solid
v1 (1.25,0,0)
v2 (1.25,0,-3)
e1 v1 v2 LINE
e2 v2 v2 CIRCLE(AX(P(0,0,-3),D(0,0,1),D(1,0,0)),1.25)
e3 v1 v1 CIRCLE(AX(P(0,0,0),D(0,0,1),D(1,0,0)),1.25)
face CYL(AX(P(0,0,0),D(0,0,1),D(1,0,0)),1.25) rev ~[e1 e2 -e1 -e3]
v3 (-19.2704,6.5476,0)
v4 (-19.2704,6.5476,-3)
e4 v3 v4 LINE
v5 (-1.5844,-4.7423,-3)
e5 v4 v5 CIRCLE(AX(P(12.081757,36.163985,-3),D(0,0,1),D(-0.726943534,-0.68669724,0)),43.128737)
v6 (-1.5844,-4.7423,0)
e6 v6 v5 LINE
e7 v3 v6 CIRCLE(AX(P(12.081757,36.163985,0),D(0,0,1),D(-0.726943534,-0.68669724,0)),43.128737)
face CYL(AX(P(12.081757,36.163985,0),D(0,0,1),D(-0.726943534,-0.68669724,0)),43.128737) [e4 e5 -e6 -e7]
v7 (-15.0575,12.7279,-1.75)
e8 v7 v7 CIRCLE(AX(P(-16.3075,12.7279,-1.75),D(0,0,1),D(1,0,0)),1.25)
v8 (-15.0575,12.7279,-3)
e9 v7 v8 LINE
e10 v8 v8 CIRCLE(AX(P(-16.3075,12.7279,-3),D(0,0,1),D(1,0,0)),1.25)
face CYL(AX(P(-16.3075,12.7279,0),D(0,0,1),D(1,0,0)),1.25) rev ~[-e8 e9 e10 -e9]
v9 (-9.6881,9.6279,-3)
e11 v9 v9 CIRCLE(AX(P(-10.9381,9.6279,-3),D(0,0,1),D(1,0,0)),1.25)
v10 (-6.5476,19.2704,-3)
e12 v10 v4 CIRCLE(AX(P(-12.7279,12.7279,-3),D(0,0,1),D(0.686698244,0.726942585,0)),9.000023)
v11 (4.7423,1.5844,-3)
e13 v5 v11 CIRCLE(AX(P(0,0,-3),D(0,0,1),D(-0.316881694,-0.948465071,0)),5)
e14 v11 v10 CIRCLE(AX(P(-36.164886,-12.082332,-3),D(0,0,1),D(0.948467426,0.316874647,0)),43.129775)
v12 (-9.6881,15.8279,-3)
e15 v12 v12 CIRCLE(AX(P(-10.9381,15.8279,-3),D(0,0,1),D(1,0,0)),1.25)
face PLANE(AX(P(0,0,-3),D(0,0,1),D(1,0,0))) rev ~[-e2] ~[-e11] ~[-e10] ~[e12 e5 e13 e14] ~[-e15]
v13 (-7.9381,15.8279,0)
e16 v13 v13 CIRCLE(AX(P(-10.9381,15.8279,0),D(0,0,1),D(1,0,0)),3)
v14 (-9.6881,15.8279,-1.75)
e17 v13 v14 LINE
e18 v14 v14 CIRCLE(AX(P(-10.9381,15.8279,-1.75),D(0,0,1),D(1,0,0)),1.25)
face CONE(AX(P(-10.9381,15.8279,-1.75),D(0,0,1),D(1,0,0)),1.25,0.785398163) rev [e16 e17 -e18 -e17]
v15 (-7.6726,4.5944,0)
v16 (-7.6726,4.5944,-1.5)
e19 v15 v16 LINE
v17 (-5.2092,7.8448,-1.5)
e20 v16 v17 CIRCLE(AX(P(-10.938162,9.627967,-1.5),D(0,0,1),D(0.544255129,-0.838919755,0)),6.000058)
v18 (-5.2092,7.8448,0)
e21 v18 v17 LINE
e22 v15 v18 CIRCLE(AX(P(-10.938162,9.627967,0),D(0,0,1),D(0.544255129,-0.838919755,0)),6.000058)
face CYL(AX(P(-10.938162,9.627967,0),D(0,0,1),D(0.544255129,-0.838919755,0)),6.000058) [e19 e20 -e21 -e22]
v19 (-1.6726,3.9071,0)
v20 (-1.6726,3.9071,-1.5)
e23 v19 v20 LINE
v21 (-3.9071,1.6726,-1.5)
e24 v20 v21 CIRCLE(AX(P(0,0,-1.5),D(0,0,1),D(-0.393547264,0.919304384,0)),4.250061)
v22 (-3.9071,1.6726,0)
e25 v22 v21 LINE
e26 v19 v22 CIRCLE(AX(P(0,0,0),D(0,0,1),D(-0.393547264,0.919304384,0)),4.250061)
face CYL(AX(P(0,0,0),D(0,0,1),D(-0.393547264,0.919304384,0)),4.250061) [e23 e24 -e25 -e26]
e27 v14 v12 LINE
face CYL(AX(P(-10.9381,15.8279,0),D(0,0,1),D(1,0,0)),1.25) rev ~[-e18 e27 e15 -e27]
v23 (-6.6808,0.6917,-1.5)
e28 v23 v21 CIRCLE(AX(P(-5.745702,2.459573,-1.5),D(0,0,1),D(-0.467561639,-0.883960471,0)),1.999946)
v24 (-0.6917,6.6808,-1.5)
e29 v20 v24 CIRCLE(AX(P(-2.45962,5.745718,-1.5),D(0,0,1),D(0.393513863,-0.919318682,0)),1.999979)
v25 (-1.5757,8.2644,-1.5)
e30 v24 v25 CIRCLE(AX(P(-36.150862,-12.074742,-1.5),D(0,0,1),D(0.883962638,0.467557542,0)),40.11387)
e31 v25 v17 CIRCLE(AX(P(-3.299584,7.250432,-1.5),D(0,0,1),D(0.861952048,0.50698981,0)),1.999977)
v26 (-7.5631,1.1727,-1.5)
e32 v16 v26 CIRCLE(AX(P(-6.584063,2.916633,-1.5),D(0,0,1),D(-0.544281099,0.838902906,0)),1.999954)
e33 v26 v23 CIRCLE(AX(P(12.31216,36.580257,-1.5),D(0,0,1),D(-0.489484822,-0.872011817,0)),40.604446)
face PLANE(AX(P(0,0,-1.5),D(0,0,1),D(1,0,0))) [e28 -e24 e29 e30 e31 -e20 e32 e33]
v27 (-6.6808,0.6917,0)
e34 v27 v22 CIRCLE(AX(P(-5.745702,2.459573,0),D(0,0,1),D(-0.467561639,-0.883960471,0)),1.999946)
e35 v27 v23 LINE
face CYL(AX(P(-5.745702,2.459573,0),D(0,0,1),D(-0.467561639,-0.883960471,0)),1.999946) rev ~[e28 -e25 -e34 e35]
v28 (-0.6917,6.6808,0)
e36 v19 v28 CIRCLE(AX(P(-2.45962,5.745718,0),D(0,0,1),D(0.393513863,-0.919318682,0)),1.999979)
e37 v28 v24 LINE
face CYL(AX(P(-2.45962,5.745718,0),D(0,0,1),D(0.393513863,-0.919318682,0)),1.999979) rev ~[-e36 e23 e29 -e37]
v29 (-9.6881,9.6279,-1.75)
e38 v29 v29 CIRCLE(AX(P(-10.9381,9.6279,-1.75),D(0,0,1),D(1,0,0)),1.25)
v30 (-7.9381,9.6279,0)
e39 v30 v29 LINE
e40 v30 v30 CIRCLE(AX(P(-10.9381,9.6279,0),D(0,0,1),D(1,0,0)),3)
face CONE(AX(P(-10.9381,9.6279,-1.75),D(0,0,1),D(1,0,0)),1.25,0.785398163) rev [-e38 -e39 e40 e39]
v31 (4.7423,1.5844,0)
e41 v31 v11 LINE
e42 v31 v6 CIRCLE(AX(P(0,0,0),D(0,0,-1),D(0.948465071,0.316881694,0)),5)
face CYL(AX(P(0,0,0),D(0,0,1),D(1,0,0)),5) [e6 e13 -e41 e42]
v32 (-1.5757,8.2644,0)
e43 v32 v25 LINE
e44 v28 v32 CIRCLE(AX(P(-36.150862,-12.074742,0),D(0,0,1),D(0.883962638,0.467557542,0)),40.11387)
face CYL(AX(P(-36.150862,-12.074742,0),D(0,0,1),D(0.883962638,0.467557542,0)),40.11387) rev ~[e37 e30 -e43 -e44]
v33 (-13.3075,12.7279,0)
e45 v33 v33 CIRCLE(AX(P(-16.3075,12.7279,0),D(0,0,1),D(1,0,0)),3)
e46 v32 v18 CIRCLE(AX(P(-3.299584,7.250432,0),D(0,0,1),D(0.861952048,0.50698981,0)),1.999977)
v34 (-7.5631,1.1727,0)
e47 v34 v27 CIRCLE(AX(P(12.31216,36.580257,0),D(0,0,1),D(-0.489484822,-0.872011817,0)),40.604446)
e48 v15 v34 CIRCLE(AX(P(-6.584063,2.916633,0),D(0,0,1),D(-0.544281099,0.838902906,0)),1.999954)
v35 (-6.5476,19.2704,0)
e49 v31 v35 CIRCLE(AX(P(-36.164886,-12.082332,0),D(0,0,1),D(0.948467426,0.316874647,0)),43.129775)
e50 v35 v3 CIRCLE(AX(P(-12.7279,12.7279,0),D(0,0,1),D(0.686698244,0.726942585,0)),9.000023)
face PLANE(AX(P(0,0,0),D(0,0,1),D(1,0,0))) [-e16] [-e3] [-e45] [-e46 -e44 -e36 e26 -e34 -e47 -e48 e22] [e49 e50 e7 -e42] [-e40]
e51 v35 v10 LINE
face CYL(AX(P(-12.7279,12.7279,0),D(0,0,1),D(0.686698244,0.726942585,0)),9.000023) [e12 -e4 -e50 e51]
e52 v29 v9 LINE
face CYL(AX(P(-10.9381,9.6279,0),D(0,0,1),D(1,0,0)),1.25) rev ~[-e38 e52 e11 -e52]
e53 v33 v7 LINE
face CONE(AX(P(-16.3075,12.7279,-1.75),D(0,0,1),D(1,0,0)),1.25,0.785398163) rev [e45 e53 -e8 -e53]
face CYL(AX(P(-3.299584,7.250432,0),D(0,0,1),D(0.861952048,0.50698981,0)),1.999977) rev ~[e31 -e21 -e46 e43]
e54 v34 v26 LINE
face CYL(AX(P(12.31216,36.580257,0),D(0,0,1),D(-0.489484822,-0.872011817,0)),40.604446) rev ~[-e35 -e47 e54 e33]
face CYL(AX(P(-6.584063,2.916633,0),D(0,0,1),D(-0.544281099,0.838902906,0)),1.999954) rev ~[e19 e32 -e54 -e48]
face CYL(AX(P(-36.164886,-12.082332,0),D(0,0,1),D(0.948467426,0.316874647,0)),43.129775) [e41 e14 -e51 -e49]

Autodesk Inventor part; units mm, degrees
ref_plane "YZ Plane" through (0, 0, 0) normal (1, 0, 0) x (0, 1, 0)
ref_plane "XZ Plane" through (0, 0, 0) normal (0, 1, 0) x (-1, 0, 0)
ref_plane "XY Plane" through (0, 0, 0) normal (0, 0, 1) x (1, 0, 0)
sketch "Sketch2" plane through (0, 0, 0) normal (0, 0, 1) x (1, 0, 0)
  line L0 (0, 0) -> (-12.7279, 12.7279) construction
  line L1 (0, 0) -> (18, 0) construction
  line L2 (0, 0) -> (-12.7279, 12.7279) construction
  line L3 (-3.5355, -3.5355) -> (-16.2635, 9.1924) construction
  line L4 (-9.1924, 16.2635) -> (3.5355, 3.5355) construction
  arc A0 (-3.5355, -3.5355) -> (-1.5844, -4.7423) centre (0, 0) ccw construction
  arc A1 (-9.1924, 16.2635) -> (-16.2635, 9.1924) centre (-12.7279, 12.7279) ccw
  arc A2 (-6.5476, 19.2704) -> (-19.2704, 6.5476) centre (-12.7279, 12.7279) ccw
  arc A3 (-19.2704, 6.5476) -> (-1.5844, -4.7423) centre (12.0821, 36.1644) ccw
  arc A4 (4.7423, 1.5844) -> (-6.5476, 19.2704) centre (-36.1644, -12.0821) ccw
  arc A5 (-3.9009, 10.972) -> (-6.5476, 19.2704) centre (-12.7279, 12.7279) ccw construction
  arc A6 (-6.364, 6.364) -> (-3.9009, 10.972) centre (-12.7279, 12.7279) ccw construction
  arc A7 (-10.972, 3.9009) -> (-6.364, 6.364) centre (-12.7279, 12.7279) ccw construction
  arc A8 (-19.2704, 6.5476) -> (-10.972, 3.9009) centre (-12.7279, 12.7279) ccw construction
  arc A9 (4.7423, 1.5844) -> (3.5355, 3.5355) centre (0, 0) ccw construction
  circle A10 centre (0, 0) radius 5
  circle A11 centre (0, 0) radius 3.025 construction
  circle A12 centre (0, 0) radius 1.25
  line L5 (0, 0) -> (-12.7279, 12.7279) construction
  line L6 (0, 0) -> (18, 0) construction
  line L7 (0, 0) -> (-12.7279, 12.7279) construction
  line L8 (-3.5355, -3.5355) -> (-16.2635, 9.1924) construction
  line L9 (-9.1924, 16.2635) -> (3.5355, 3.5355) construction
  arc A13 (-3.5355, -3.5355) -> (-1.5844, -4.7423) centre (0, 0) ccw construction
  arc A14 (-9.1924, 16.2635) -> (-16.2635, 9.1924) centre (-12.7279, 12.7279) ccw
  arc A15 (-6.5476, 19.2704) -> (-19.2704, 6.5476) centre (-12.7279, 12.7279) ccw
  circle A16 centre (-10.9381, 15.8279) radius 1.25
  circle A17 centre (-10.9381, 15.8279) radius 3.1 construction
  circle A18 centre (-16.3075, 12.7279) radius 1.25
  circle A19 centre (-16.3075, 12.7279) radius 3.1 construction
  circle A20 centre (-10.9381, 9.6279) radius 1.25
  circle A21 centre (-10.9381, 9.6279) radius 3.1 construction
  arc A22 (-19.2704, 6.5476) -> (-1.5844, -4.7423) centre (12.0821, 36.1644) ccw
  arc A23 (4.7423, 1.5844) -> (-6.5476, 19.2704) centre (-36.1644, -12.0821) ccw
  arc A24 (-3.9009, 10.972) -> (-6.5476, 19.2704) centre (-12.7279, 12.7279) ccw construction
  arc A25 (-6.364, 6.364) -> (-3.9009, 10.972) centre (-12.7279, 12.7279) ccw construction
  arc A26 (-10.972, 3.9009) -> (-6.364, 6.364) centre (-12.7279, 12.7279) ccw construction
  arc A27 (-19.2704, 6.5476) -> (-10.972, 3.9009) centre (-12.7279, 12.7279) ccw construction
  arc A28 (4.7423, 1.5844) -> (3.5355, 3.5355) centre (0, 0) ccw construction
  circle A29 centre (0, 0) radius 5
  circle A30 centre (0, 0) radius 3.025 construction
  circle A31 centre (0, 0) radius 1.25
  point P0 (-6.364, 6.364)
  point P1 (-11.1244, -0.1893)
  point P2 (-6.364, 6.364)
  point P3 (-11.1244, -0.1893)
  point P4 (4.7423, 1.5844)
  point P5 (-1.5844, -4.7423)
  dimension "d47" = 18
  dimension "d48" = 135
  dimension "d49" = 5
  dimension "d50" = 18
  dimension "d54" = 8
  dimension "d55" = 10
  dimension "d56" = 6.05
  dimension "d57" = 2.5
  dimension "d58" = 18
  dimension "d59" = 135
  dimension "d60" = 5
  dimension "d61" = 18
  dimension "d62" = 2.5
  dimension "d63" = 6.2
  dimension "d64" = 360
  dimension "d65" = 8
  dimension "d66" = 10
  dimension "d67" = 6.05
  dimension "d68" = 2.5
extrude "Extrusion2" add sketch "Sketch2" against normal blind 3
chamfer "Chamfer3" distance 1.75 angle 45 3 edges at (-12.1881, 15.8279, 0) (-17.5575, 12.7279, 0) (-12.1881, 9.6279, 0)
sketch "Sketch3" plane through (0, 0, 0) normal (0, 0, 1) x (1, 0, 0)
  circle A0 centre (-10.9381, 9.6279) radius 3 projected
  arc A1 (-19.2704, 6.5476) -> (-1.5844, -4.7423) centre (12.0821, 36.1644) ccw projected
  circle A2 centre (0, 0) radius 1.25 projected
  arc A3 (4.7423, 1.5844) -> (-6.5476, 19.2704) centre (-36.1644, -12.0821) ccw projected
  circle A4 centre (-16.3075, 12.7279) radius 3 projected
  circle A5 centre (-10.9381, 15.8279) radius 3 projected
  arc A6 (-1.5757, 8.2644) -> (-5.2092, 7.8448) centre (-3.2996, 7.2504) ccw
  arc A7 (-7.6726, 4.5944) -> (-7.5631, 1.1727) centre (-6.584, 2.9166) ccw
  arc A8 (-7.6726, 4.5944) -> (-5.2092, 7.8448) centre (-10.9381, 9.6279) ccw
  arc A9 (-7.5631, 1.1727) -> (-6.6808, 0.6917) centre (12.0821, 36.1644) ccw
  arc A10 (-0.6917, 6.6808) -> (-1.5757, 8.2644) centre (-36.1644, -12.0821) ccw
  arc A11 (-6.6808, 0.6917) -> (-3.9071, 1.6726) centre (-5.7457, 2.4596) ccw
  arc A12 (-1.6726, 3.9071) -> (-0.6917, 6.6808) centre (-2.4596, 5.7457) ccw
  arc A13 (-1.6726, 3.9071) -> (-3.9071, 1.6726) centre (0, 0) ccw
  dimension "d77" = 3
  dimension "d78" = 2
  dimension "d79" = 2
  dimension "d80" = 3
  dimension "d81" = 3
  dimension "d82" = 2
  dimension "d83" = 2
  dimension "d84" = 3
extrude "Extrusion3" cut sketch "Sketch3" against normal blind 1.5 contours A10 A12 A13 A11 A9 A7 A8 A6
properties part number "クランク_前" material "Aluminum 2014-T6"
